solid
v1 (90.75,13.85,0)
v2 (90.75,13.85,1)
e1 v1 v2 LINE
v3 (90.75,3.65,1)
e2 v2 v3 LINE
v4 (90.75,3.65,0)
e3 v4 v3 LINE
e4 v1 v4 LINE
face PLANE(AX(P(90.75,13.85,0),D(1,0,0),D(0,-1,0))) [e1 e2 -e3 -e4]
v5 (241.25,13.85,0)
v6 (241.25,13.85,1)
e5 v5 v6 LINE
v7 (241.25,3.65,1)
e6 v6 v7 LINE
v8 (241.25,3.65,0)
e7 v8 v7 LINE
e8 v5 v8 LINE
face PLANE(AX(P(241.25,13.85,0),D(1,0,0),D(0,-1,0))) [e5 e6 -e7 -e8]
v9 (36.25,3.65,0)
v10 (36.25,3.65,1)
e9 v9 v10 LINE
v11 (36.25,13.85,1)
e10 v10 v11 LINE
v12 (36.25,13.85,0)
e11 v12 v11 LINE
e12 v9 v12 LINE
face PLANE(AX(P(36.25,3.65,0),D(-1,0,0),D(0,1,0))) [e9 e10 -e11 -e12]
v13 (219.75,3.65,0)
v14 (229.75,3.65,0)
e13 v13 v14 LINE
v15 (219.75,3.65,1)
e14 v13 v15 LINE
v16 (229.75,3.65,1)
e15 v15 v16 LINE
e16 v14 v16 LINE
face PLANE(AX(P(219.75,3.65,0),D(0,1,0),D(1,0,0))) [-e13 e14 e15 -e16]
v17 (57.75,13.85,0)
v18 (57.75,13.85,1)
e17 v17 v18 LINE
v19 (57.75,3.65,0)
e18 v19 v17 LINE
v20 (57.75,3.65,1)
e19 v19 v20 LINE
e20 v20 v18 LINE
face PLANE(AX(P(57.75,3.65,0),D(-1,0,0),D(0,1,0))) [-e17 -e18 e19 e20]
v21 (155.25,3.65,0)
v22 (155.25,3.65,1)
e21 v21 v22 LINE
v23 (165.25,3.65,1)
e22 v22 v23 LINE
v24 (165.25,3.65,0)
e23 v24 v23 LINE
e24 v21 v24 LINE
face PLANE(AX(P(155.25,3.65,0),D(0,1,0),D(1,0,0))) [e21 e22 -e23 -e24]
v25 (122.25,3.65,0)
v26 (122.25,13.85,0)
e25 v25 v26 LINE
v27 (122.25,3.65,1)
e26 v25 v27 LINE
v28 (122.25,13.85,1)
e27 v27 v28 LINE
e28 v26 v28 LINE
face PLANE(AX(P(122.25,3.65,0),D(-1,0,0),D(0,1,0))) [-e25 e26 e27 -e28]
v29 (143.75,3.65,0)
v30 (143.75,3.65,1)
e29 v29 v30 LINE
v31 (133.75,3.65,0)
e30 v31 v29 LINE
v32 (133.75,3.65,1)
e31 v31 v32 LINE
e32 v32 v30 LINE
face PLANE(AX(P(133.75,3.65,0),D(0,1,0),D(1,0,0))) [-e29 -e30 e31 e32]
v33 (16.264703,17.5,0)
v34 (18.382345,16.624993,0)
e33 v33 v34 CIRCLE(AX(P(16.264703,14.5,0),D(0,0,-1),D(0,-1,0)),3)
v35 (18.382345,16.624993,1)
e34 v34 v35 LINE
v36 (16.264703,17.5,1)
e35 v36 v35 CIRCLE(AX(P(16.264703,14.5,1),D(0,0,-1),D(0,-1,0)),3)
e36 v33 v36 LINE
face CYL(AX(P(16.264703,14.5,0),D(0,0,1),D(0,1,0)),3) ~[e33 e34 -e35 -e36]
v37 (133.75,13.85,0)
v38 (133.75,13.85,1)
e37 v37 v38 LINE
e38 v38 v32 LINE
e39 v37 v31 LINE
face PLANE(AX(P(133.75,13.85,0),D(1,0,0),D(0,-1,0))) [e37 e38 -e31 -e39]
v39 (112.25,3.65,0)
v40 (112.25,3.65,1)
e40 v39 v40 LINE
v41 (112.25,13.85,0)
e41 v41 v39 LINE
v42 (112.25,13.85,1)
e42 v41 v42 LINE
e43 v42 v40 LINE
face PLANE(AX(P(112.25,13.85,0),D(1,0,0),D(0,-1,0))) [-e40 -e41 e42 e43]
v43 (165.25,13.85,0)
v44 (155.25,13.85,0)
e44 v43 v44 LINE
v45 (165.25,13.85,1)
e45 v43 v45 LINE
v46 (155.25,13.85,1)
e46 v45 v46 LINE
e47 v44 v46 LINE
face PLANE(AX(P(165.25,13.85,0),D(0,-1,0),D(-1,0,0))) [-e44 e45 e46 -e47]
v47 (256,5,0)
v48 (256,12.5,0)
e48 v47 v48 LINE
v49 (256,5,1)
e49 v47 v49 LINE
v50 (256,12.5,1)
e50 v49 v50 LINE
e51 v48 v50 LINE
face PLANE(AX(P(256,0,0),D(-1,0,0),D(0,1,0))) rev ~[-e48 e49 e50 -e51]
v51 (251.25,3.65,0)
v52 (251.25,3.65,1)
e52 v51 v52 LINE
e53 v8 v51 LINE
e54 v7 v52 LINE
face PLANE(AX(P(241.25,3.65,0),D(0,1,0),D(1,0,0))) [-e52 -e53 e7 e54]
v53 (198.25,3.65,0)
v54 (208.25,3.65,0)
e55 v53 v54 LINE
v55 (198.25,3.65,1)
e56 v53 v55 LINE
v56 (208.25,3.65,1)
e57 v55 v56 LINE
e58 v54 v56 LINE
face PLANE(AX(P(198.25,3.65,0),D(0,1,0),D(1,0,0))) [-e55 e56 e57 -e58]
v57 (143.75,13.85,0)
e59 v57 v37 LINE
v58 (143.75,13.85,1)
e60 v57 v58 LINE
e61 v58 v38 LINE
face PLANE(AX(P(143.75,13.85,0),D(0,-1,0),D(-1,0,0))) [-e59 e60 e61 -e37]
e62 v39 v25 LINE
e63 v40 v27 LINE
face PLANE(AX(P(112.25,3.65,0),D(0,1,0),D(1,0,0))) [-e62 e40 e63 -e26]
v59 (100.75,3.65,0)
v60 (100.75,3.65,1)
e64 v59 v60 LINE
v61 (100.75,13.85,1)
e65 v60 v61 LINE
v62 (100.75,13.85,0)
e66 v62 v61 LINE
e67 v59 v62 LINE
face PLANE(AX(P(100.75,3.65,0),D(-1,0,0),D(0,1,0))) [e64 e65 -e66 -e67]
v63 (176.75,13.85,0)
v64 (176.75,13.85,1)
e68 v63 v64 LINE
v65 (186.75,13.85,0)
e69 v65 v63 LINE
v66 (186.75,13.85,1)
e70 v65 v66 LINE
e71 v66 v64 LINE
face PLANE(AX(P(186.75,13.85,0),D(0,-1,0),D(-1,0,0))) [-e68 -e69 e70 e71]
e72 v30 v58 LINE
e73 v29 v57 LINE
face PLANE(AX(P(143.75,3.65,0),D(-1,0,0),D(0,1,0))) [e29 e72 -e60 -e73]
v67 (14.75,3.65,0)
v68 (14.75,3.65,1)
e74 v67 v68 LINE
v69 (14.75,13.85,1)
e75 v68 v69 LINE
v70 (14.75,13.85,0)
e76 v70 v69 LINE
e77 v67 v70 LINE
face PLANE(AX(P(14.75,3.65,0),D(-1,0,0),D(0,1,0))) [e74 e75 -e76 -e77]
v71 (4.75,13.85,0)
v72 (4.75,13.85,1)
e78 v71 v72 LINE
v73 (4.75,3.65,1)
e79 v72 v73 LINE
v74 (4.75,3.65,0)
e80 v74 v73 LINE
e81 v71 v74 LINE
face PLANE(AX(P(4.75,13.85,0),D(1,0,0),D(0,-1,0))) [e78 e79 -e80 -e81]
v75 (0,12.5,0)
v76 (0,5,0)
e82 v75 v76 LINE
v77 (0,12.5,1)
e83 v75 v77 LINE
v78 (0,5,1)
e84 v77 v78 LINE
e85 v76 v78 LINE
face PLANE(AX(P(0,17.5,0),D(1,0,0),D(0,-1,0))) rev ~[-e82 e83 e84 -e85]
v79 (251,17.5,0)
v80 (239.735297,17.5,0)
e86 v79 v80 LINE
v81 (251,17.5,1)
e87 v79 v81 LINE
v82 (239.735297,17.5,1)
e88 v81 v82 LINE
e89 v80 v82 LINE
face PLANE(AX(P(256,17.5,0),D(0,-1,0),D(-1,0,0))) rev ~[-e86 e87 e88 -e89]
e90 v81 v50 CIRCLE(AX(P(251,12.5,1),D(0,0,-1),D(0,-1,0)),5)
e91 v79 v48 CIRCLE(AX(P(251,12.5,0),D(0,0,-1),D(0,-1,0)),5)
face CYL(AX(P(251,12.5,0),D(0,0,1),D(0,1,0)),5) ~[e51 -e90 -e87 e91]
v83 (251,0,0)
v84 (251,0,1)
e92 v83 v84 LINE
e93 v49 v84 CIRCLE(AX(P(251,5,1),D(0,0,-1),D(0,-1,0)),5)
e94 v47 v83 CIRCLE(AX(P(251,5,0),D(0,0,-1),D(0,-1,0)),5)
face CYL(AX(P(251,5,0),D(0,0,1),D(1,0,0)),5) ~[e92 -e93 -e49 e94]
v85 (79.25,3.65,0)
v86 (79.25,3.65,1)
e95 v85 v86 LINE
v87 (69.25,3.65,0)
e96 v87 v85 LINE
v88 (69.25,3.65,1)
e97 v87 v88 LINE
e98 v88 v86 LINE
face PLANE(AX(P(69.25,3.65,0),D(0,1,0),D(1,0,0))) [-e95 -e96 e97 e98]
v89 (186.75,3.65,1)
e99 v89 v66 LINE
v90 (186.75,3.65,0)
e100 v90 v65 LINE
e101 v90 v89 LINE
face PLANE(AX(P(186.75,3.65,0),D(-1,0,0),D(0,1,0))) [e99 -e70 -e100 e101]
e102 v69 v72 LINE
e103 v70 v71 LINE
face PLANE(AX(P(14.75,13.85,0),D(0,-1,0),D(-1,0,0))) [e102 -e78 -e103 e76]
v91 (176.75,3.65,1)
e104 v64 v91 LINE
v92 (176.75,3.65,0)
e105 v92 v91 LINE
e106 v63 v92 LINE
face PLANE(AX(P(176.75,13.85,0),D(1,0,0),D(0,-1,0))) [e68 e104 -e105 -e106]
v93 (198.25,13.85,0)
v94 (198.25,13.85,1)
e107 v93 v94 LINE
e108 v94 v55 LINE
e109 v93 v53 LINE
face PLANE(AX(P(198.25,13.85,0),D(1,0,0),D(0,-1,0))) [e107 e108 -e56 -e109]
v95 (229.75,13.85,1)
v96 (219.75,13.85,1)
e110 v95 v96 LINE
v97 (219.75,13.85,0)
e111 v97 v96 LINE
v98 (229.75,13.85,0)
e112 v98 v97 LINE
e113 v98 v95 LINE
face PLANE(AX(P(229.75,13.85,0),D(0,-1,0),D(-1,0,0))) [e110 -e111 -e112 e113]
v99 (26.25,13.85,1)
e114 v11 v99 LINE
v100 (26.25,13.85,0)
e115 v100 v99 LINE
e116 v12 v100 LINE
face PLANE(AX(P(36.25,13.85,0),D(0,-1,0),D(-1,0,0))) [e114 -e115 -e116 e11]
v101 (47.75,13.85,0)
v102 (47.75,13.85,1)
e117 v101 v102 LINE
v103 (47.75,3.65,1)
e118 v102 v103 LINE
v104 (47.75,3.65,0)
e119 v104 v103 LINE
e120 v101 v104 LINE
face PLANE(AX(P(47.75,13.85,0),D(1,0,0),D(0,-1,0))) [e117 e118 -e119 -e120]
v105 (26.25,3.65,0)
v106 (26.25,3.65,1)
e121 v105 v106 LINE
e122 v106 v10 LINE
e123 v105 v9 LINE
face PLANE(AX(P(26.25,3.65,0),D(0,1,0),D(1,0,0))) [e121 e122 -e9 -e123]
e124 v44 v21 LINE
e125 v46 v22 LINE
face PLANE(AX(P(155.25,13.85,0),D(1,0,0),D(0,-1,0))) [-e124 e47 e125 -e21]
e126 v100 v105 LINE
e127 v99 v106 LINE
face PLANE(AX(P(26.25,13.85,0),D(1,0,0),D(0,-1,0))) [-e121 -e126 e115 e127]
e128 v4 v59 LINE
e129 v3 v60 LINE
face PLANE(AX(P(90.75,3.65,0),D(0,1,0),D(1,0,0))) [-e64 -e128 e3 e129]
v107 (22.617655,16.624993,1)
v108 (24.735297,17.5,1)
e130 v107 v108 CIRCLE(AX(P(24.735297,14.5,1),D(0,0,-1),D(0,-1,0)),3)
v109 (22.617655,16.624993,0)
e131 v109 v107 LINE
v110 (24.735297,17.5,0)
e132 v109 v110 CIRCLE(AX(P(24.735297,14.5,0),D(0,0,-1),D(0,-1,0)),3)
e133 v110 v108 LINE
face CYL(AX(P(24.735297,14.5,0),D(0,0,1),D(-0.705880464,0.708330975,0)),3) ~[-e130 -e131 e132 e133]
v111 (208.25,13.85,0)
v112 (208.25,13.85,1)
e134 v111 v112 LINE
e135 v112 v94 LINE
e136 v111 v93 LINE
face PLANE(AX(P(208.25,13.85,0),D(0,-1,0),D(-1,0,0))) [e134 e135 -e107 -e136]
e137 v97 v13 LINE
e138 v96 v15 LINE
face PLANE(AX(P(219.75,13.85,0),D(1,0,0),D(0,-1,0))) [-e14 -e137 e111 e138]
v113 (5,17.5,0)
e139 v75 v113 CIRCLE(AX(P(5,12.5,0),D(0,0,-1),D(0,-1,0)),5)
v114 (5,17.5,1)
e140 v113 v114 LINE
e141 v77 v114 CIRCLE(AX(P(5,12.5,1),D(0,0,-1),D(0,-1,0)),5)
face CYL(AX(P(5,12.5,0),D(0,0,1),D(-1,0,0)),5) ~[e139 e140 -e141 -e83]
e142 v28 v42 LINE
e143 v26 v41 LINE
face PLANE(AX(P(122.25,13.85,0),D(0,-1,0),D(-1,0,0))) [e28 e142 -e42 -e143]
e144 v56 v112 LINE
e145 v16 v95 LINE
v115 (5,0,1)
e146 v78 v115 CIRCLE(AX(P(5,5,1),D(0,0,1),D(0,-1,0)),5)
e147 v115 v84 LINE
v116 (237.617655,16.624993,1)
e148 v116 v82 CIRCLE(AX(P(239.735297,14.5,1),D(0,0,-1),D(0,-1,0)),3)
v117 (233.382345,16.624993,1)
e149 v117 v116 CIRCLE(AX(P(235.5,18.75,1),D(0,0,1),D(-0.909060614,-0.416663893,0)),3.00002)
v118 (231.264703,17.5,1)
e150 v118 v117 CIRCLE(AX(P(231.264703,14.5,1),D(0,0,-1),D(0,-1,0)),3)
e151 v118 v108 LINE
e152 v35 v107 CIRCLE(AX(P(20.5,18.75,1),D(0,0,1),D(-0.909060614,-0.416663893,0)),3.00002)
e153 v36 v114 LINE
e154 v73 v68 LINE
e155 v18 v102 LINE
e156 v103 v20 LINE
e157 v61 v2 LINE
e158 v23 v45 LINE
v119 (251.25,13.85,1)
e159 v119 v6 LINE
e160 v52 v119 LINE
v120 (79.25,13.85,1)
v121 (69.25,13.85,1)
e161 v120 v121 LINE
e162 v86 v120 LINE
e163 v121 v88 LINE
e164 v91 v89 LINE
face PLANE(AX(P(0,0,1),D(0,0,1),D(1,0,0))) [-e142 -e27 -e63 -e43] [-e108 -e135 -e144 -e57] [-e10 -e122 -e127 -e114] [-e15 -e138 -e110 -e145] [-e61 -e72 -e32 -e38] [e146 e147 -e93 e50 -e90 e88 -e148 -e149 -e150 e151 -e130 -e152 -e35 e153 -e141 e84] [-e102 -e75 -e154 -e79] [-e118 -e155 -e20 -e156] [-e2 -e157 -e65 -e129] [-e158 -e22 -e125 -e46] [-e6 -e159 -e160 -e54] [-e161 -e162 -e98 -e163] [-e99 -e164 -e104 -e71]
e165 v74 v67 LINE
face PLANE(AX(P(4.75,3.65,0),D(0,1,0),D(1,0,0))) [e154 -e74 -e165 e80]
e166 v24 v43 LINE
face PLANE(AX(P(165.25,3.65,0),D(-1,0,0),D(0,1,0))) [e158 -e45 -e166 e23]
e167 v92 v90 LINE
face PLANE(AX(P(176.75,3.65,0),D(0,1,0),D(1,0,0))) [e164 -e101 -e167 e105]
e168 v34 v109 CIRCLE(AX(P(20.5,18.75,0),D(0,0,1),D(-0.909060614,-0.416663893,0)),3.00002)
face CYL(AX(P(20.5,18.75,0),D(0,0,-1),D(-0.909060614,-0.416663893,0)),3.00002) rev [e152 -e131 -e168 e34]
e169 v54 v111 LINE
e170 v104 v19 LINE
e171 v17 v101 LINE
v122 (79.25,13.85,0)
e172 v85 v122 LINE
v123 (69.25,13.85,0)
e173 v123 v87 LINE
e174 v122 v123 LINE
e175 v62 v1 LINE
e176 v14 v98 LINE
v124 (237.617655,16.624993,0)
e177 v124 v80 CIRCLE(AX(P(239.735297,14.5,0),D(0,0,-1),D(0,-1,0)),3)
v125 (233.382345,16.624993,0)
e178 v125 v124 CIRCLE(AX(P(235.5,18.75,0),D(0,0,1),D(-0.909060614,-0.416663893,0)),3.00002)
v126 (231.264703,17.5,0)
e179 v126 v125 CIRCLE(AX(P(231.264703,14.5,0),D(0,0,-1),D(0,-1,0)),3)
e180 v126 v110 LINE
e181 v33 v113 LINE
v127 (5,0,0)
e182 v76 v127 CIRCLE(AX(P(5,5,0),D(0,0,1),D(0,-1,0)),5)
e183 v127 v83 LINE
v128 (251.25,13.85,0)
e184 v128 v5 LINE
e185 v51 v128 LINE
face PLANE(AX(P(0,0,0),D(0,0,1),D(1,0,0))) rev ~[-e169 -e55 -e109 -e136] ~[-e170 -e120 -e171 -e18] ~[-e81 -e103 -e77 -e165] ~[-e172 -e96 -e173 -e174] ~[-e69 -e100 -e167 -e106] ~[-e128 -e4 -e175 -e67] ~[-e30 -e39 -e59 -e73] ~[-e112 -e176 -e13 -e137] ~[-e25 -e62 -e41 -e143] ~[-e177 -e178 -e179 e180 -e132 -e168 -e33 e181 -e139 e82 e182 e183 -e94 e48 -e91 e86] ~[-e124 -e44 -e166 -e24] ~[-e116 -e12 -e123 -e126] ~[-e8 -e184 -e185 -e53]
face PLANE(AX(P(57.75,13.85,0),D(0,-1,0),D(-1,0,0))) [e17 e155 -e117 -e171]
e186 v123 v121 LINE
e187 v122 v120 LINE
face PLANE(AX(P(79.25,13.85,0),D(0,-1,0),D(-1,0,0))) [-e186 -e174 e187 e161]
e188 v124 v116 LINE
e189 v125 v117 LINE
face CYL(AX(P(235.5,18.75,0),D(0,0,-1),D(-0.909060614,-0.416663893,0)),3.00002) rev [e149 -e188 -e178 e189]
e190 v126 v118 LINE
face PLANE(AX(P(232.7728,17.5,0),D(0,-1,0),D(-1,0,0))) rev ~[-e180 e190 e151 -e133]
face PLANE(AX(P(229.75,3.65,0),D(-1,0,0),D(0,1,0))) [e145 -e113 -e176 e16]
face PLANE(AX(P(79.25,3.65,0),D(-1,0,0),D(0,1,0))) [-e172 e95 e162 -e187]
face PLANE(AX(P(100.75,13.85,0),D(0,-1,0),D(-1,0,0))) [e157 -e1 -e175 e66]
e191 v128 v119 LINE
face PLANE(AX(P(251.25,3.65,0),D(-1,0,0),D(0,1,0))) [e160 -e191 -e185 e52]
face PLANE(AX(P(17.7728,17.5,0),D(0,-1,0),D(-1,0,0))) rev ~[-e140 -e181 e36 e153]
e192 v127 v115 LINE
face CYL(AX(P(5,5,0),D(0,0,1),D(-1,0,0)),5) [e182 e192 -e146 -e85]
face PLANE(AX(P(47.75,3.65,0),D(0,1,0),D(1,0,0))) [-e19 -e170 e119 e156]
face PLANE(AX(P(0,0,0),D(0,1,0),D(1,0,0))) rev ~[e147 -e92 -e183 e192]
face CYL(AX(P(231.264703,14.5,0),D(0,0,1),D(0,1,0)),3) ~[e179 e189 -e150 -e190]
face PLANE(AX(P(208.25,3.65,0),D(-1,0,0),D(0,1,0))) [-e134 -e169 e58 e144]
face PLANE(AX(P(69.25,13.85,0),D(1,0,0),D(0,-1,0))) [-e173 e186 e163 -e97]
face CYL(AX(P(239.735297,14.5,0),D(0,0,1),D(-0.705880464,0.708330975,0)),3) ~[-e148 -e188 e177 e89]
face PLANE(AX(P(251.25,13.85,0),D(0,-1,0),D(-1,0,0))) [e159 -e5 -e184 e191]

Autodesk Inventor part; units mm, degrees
ref_plane "YZ Plane" through (0, 0, 0) normal (1, 0, 0) x (0, 1, 0)
ref_plane "XZ Plane" through (0, 0, 0) normal (0, 1, 0) x (-1, 0, 0)
ref_plane "XY Plane" through (0, 0, 0) normal (0, 0, 1) x (1, 0, 0)
sketch "Skizze1" plane through (0, 0, 0) normal (0, 0, 1) x (1, 0, 0)
  line L0 (0, 0) -> (256, 0)
  line L1 (256, 0) -> (256, 17.5)
  line L2 (256, 17.5) -> (0, 17.5)
  line L3 (0, 17.5) -> (0, 0)
  line L4 (4.75, 3.65) -> (14.75, 3.65)
  line L5 (14.75, 3.65) -> (14.75, 13.85)
  line L6 (14.75, 13.85) -> (4.75, 13.85)
  line L7 (4.75, 13.85) -> (4.75, 3.65)
  line L8 (36.25, 3.65) -> (36.25, 13.85)
  line L9 (36.25, 13.85) -> (26.25, 13.85)
  line L10 (26.25, 13.85) -> (26.25, 3.65)
  line L11 (26.25, 3.65) -> (36.25, 3.65)
  line L12 (57.75, 3.65) -> (57.75, 13.85)
  line L13 (57.75, 13.85) -> (47.75, 13.85)
  line L14 (47.75, 13.85) -> (47.75, 3.65)
  line L15 (47.75, 3.65) -> (57.75, 3.65)
  line L16 (79.25, 3.65) -> (79.25, 13.85)
  line L17 (79.25, 13.85) -> (69.25, 13.85)
  line L18 (69.25, 13.85) -> (69.25, 3.65)
  line L19 (69.25, 3.65) -> (79.25, 3.65)
  line L20 (100.75, 3.65) -> (100.75, 13.85)
  line L21 (100.75, 13.85) -> (90.75, 13.85)
  line L22 (90.75, 13.85) -> (90.75, 3.65)
  line L23 (90.75, 3.65) -> (100.75, 3.65)
  line L24 (122.25, 3.65) -> (122.25, 13.85)
  line L25 (122.25, 13.85) -> (112.25, 13.85)
  line L26 (112.25, 13.85) -> (112.25, 3.65)
  line L27 (112.25, 3.65) -> (122.25, 3.65)
  line L28 (143.75, 3.65) -> (143.75, 13.85)
  line L29 (143.75, 13.85) -> (133.75, 13.85)
  line L30 (133.75, 13.85) -> (133.75, 3.65)
  line L31 (133.75, 3.65) -> (143.75, 3.65)
  line L32 (165.25, 3.65) -> (165.25, 13.85)
  line L33 (165.25, 13.85) -> (155.25, 13.85)
  line L34 (155.25, 13.85) -> (155.25, 3.65)
  line L35 (155.25, 3.65) -> (165.25, 3.65)
  line L36 (186.75, 3.65) -> (186.75, 13.85)
  line L37 (186.75, 13.85) -> (176.75, 13.85)
  line L38 (176.75, 13.85) -> (176.75, 3.65)
  line L39 (176.75, 3.65) -> (186.75, 3.65)
  line L40 (208.25, 3.65) -> (208.25, 13.85)
  line L41 (208.25, 13.85) -> (198.25, 13.85)
  line L42 (198.25, 13.85) -> (198.25, 3.65)
  line L43 (198.25, 3.65) -> (208.25, 3.65)
  line L44 (229.75, 3.65) -> (229.75, 13.85)
  line L45 (229.75, 13.85) -> (219.75, 13.85)
  line L46 (219.75, 13.85) -> (219.75, 3.65)
  line L47 (219.75, 3.65) -> (229.75, 3.65)
  line L48 (251.25, 3.65) -> (251.25, 13.85)
  line L49 (251.25, 13.85) -> (241.25, 13.85)
  line L50 (241.25, 13.85) -> (241.25, 3.65)
  line L51 (241.25, 3.65) -> (251.25, 3.65)
  arc A0 (232.7728, 17.5) -> (238.2272, 17.5) centre (235.5, 18.75) ccw
  arc A1 (17.7728, 17.5) -> (23.2272, 17.5) centre (20.5, 18.75) ccw
  point P0 (0, 8.75)
  point P1 (128, 17.5)
  point P2 (106.5, 8.75)
  point P3 (149.5, 8.75)
  point P4 (256, 8.75)
  point P5 (4.75, 8.75)
  point P6 (117.25, 3.65)
  point P7 (31.25, 3.65)
  point P8 (224.75, 3.65)
  point P9 (31.25, 13.85)
  point P10 (224.75, 13.85)
  dimension "d0" = 256
  dimension "d1" = 17.5
  dimension "d2" = 10.2
  dimension "d3" = 10
  dimension "d19" = 21.5
  dimension "d24" = 43
  dimension "d25" = 21.5
  dimension "d26" = 10.75
  dimension "d33" = 1.25
  dimension "d34" = 10.75
  dimension "d35" = 10.75
  dimension "d36" = 3
extrude "Extrusion1" add sketch "Skizze1" along normal blind 1 contours L3 L2 A1 A0 L1 L0
fillet "Rundung1" radius 5 4 edges at (256, 17.5, 0.5) (256, 0, 0.5) (0, 17.5, 0.5) (0, 0, 0.5)
fillet "Rundung2" radius 3 4 edges at (17.7728, 17.5, 0.5) (23.2272, 17.5, 0.5) (238.2272, 17.5, 0.5) (232.7728, 17.5, 0.5)
sketch "Skizze2" plane through (0, 0, 1) normal (0, 0, 1) x (1, 0, 0)
  arc A0 (0, 5) -> (5, 0) centre (5, 5) ccw projected
  line L0 (5, 0) -> (251, 0) projected
  arc A1 (251, 0) -> (256, 5) centre (251, 5) ccw projected
  line L1 (256, 5) -> (256, 12.5) projected
  arc A2 (256, 12.5) -> (251, 17.5) centre (251, 12.5) ccw projected
  line L2 (251, 17.5) -> (239.7353, 17.5) projected
  arc A3 (5, 17.5) -> (0, 12.5) centre (5, 12.5) ccw projected
  line L3 (0, 12.5) -> (0, 5) projected
  line L4 (251.25, 3.65) -> (241.25, 3.65) projected
  line L5 (241.25, 3.65) -> (241.25, 13.85) projected
  line L6 (241.25, 13.85) -> (251.25, 13.85) projected
  line L7 (251.25, 13.85) -> (251.25, 3.65) projected
  line L8 (229.75, 3.65) -> (219.75, 3.65) projected
  line L9 (219.75, 3.65) -> (219.75, 13.85) projected
  line L10 (219.75, 13.85) -> (229.75, 13.85) projected
  line L11 (229.75, 13.85) -> (229.75, 3.65) projected
  line L12 (208.25, 3.65) -> (198.25, 3.65) projected
  line L13 (198.25, 3.65) -> (198.25, 13.85) projected
  line L14 (198.25, 13.85) -> (208.25, 13.85) projected
  line L15 (208.25, 13.85) -> (208.25, 3.65) projected
  line L16 (186.75, 3.65) -> (176.75, 3.65) projected
  line L17 (176.75, 3.65) -> (176.75, 13.85) projected
  line L18 (176.75, 13.85) -> (186.75, 13.85) projected
  line L19 (186.75, 13.85) -> (186.75, 3.65) projected
  line L20 (165.25, 3.65) -> (155.25, 3.65) projected
  line L21 (155.25, 3.65) -> (155.25, 13.85) projected
  line L22 (155.25, 13.85) -> (165.25, 13.85) projected
  line L23 (165.25, 13.85) -> (165.25, 3.65) projected
  line L24 (143.75, 3.65) -> (133.75, 3.65) projected
  line L25 (133.75, 3.65) -> (133.75, 13.85) projected
  line L26 (133.75, 13.85) -> (143.75, 13.85) projected
  line L27 (143.75, 13.85) -> (143.75, 3.65) projected
  line L28 (122.25, 3.65) -> (112.25, 3.65) projected
  line L29 (112.25, 3.65) -> (112.25, 13.85) projected
  line L30 (112.25, 13.85) -> (122.25, 13.85) projected
  line L31 (122.25, 13.85) -> (122.25, 3.65) projected
  line L32 (100.75, 3.65) -> (90.75, 3.65) projected
  line L33 (90.75, 3.65) -> (90.75, 13.85) projected
  line L34 (90.75, 13.85) -> (100.75, 13.85) projected
  line L35 (100.75, 13.85) -> (100.75, 3.65) projected
  line L36 (79.25, 3.65) -> (69.25, 3.65) projected
  line L37 (69.25, 3.65) -> (69.25, 13.85) projected
  line L38 (69.25, 13.85) -> (79.25, 13.85) projected
  line L39 (79.25, 13.85) -> (79.25, 3.65) projected
  line L40 (57.75, 3.65) -> (47.75, 3.65) projected
  line L41 (47.75, 3.65) -> (47.75, 13.85) projected
  line L42 (47.75, 13.85) -> (57.75, 13.85) projected
  line L43 (57.75, 13.85) -> (57.75, 3.65) projected
  line L44 (36.25, 3.65) -> (26.25, 3.65) projected
  line L45 (26.25, 3.65) -> (26.25, 13.85) projected
  line L46 (26.25, 13.85) -> (36.25, 13.85) projected
  line L47 (36.25, 13.85) -> (36.25, 3.65) projected
  line L48 (4.75, 3.65) -> (4.75, 13.85) projected
  line L49 (4.75, 13.85) -> (14.75, 13.85) projected
  line L50 (14.75, 13.85) -> (14.75, 3.65) projected
  line L51 (14.75, 3.65) -> (4.75, 3.65) projected
  arc A4 (233.3824, 16.625) -> (237.6176, 16.625) centre (235.5, 18.75) ccw projected
  line L52 (231.2647, 17.5) -> (24.7353, 17.5) projected
  arc A5 (18.3824, 16.625) -> (22.6176, 16.625) centre (20.5, 18.75) ccw projected
  line L53 (16.2647, 17.5) -> (5, 17.5) projected
  arc A6 (233.3824, 16.625) -> (231.2647, 17.5) centre (231.2647, 14.5) ccw projected
  arc A7 (24.7353, 17.5) -> (22.6176, 16.625) centre (24.7353, 14.5) ccw projected
  arc A8 (18.3824, 16.625) -> (16.2647, 17.5) centre (16.2647, 14.5) ccw projected
  arc A9 (239.7353, 17.5) -> (237.6176, 16.625) centre (239.7353, 14.5) ccw projected
  point P0 (0, 0)
equation "\"d24\" = 2 * d19"
equation "\"d25\" = 0.5 * d24"
equation "\"d34\" = 0.5 * d19"
equation "\"d35\" = d34"
equation "\"Biegeradius\" = Stärke"
equation "\"BreiteBiegungsfreistellung\" = Stärke"
equation "\"TiefeBiegungsfreistellung\" = 0.5 * Stärke"
equation "\"GrößeEckenfreistellung\" = 4 * Stärke"
equation "\"MinimalRest\" = 2 * Stärke"
equation "\"Übergangsradius\" = Biegeradius"
equation "\"JacobiRadiusGröße\" = Biegeradius"
equation "\"Abstandsgröße\" = Stärke"
equation "\"Stärke\" = 0.5"
properties part number "bat_contacts_v2_plate_long" material "Kupfer"
